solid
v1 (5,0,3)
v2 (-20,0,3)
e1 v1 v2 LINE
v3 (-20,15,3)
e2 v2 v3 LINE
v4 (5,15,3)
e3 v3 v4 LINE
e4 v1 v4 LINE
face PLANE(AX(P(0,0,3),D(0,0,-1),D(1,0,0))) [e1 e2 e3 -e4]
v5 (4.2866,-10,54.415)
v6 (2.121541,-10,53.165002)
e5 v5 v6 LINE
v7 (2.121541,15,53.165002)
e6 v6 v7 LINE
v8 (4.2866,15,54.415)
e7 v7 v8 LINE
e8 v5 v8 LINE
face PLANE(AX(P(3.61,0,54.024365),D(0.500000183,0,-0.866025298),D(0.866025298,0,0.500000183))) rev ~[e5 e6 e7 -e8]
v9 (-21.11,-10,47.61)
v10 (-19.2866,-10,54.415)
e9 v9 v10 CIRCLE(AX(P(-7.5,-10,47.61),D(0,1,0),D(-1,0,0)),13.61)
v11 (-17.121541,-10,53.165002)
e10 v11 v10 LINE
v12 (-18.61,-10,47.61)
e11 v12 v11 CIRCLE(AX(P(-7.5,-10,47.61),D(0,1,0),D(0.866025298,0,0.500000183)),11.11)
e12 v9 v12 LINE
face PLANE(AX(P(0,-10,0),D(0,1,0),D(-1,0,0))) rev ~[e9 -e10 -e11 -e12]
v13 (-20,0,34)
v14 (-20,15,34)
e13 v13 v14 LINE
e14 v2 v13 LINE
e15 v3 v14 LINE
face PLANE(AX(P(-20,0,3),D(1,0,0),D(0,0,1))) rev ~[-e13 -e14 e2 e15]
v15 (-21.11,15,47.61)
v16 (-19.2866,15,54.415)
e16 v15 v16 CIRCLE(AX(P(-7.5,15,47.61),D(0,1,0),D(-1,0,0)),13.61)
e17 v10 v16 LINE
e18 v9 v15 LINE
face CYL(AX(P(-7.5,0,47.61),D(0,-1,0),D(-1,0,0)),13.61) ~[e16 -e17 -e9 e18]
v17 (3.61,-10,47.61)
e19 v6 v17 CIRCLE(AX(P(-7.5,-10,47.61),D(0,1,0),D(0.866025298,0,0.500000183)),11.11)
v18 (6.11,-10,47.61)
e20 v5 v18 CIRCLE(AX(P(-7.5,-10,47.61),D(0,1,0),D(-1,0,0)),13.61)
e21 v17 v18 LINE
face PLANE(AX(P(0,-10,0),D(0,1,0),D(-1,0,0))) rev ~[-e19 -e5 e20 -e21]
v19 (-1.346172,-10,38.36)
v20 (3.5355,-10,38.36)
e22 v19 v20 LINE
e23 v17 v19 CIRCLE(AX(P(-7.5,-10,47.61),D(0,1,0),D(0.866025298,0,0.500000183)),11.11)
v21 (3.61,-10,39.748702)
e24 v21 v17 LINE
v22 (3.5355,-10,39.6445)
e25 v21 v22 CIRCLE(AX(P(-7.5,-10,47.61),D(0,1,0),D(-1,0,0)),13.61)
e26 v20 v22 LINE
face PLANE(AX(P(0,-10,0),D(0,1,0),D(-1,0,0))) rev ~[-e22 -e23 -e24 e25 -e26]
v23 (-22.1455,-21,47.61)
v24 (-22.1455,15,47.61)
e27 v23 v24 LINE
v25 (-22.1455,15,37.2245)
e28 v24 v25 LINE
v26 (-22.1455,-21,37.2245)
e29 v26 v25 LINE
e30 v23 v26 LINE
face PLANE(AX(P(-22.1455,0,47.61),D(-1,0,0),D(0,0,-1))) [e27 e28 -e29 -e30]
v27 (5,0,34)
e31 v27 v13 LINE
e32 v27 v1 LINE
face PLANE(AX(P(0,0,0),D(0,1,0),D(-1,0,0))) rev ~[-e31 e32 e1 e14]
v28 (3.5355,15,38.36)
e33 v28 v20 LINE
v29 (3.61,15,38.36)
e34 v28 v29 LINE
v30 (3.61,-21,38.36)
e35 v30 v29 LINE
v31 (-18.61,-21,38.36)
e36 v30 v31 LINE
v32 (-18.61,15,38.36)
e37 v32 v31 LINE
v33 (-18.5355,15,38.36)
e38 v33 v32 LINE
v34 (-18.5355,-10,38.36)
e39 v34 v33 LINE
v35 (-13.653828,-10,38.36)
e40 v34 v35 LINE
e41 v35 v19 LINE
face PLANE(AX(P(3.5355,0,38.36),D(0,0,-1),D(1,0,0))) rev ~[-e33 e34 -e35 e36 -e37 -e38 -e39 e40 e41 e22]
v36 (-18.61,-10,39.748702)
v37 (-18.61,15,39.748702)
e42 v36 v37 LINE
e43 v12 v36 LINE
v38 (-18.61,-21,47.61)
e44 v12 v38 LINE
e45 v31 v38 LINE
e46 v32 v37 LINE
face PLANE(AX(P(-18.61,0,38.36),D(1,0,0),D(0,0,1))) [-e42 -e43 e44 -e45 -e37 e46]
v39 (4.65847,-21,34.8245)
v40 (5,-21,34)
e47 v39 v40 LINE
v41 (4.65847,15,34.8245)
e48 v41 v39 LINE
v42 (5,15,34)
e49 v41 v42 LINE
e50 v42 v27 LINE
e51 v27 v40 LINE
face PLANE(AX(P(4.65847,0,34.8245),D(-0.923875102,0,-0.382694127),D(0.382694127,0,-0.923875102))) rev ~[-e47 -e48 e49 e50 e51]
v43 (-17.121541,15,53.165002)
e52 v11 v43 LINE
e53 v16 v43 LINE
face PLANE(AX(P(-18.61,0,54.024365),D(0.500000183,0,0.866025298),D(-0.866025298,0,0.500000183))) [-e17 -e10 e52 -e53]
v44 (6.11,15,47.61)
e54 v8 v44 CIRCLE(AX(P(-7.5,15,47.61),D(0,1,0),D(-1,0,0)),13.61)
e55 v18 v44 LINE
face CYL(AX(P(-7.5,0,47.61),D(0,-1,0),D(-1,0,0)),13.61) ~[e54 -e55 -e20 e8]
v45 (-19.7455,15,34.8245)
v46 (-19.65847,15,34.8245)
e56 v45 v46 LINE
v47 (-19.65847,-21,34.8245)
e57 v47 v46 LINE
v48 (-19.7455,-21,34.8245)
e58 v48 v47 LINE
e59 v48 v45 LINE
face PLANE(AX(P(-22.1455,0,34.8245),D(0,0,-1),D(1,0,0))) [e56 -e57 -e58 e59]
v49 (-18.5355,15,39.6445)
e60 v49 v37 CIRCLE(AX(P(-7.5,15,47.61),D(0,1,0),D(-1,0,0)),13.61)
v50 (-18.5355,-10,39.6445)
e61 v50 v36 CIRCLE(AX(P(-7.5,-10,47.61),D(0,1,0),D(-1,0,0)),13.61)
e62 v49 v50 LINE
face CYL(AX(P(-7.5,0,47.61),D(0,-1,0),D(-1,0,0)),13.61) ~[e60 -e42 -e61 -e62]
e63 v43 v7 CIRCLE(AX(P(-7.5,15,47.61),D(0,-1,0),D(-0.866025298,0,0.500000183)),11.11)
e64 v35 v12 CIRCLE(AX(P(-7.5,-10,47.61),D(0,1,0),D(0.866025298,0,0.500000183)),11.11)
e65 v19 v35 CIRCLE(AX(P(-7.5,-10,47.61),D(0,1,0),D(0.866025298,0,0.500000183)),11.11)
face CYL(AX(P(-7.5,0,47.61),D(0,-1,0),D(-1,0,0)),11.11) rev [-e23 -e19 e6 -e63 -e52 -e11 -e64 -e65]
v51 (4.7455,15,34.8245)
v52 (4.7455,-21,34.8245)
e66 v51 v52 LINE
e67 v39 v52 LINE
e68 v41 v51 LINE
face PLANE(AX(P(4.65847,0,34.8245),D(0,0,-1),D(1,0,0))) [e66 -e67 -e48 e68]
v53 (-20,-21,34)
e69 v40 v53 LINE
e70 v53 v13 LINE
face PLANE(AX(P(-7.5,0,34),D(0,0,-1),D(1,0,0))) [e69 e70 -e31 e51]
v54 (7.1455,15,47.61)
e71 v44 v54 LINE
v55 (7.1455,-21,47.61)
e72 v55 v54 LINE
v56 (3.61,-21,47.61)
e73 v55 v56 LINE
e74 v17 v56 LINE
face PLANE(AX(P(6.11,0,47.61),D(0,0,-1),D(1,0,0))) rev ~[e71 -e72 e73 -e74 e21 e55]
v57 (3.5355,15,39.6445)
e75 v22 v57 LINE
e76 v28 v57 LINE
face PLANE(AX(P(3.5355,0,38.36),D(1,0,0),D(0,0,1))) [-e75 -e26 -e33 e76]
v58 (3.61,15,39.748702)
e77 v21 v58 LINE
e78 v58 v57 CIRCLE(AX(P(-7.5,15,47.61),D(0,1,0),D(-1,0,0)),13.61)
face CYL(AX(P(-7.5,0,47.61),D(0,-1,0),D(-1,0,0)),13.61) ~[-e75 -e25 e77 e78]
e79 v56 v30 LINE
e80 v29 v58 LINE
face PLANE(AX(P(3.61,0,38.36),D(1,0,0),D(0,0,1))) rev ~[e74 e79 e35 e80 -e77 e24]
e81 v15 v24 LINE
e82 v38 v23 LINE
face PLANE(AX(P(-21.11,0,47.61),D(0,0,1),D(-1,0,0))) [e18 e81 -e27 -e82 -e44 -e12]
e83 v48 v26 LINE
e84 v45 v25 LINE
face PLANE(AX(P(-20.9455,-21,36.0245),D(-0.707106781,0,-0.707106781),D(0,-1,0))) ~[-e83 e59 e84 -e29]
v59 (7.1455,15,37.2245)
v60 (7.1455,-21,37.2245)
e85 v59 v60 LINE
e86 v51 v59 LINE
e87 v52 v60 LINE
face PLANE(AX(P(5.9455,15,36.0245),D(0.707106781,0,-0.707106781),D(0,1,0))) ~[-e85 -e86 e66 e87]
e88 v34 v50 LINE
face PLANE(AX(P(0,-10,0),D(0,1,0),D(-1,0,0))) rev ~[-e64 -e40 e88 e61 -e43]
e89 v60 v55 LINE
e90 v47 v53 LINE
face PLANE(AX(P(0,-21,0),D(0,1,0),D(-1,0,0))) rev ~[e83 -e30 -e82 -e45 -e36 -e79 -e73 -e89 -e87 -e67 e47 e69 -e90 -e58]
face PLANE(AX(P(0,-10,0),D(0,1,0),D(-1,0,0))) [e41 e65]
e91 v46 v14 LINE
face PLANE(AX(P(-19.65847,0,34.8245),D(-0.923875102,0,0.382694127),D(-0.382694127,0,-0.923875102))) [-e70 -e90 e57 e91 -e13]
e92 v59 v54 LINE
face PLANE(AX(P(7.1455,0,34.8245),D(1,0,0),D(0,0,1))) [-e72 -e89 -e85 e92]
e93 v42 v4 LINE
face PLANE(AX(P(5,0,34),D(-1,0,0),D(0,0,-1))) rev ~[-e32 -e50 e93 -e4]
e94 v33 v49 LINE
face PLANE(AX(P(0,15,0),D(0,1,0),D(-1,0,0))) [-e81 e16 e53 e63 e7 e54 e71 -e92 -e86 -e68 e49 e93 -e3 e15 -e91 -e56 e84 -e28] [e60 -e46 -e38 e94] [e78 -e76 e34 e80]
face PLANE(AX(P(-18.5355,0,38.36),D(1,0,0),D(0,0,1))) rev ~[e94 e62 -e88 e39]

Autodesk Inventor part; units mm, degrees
ref_plane "YZ Plane" through (0, 0, 0) normal (1, 0, 0) x (0, 1, 0)
ref_plane "XZ Plane" through (0, 0, 0) normal (0, 1, 0) x (-1, 0, 0)
ref_plane "XY Plane" through (0, 0, 0) normal (0, 0, 1) x (1, 0, 0)
sketch "Sketch1" plane through (0, 0, 0) normal (0, 1, 0) x (-1, 0, 0)
  line L0 (0, 0) -> (15, 0)
  line L1 (15, 0) -> (15, 34)
  line L2 (15, 34) -> (0, 34)
  line L3 (0, 34) -> (0, 0)
  line L4 (7.5, 34) -> (7.5, 36.5)
  line L5 (7.5, 36.5) -> (7.5, 47.61)
  circle A0 centre (7.5, 47.61) radius 11.11
  circle A1 centre (7.5, 47.61) radius 13.61
  line L6 (7.5, 47.61) -> (19.2866, 54.415)
  line L7 (7.5, 47.61) -> (21.11, 47.61) construction
  line L8 (7.5, 47.61) -> (-4.2866, 54.415)
  line L9 (7.5, 47.61) -> (21.11, 47.61) construction
  line L10 (15, 34) -> (18.5355, 37.5355)
  line L11 (15, 34) -> (20, 34) construction
  line L12 (18.5355, 37.5355) -> (18.5355, 39.6445)
  line L13 (0, 34) -> (-3.5355, 37.5355)
  line L14 (-3.5355, 37.5355) -> (-3.5355, 39.6445)
  line L15 (7.5, 47.61) -> (7.5, 56.86)
  line L16 (7.5, 56.86) -> (17.4835, 56.86)
  line L17 (7.5, 56.86) -> (-2.4835, 56.86)
  line L18 (7.5, 47.61) -> (-6.11, 47.61)
  line L19 (7.5, 47.61) -> (7.5, 38.36)
  line L20 (7.5, 38.36) -> (17.4835, 38.36)
  line L21 (7.5, 38.36) -> (-2.4835, 38.36)
  line L22 (7.5, 38.36) -> (-3.61, 38.36)
  line L23 (-3.61, 38.36) -> (-3.61, 47.61)
  line L24 (-3.61, 47.61) -> (-3.61, 56.86)
  line L25 (-3.61, 56.86) -> (-2.4835, 56.86)
  line L26 (7.5, 56.86) -> (18.61, 56.86)
  line L27 (18.61, 56.86) -> (18.61, 47.61)
  line L28 (7.5, 38.36) -> (18.61, 38.36)
  line L29 (18.61, 38.36) -> (18.61, 47.61)
  line L30 (7.5, 0) -> (7.5, 3)
  line L31 (7.5, 3) -> (0, 3)
  line L32 (7.5, 3) -> (15, 3)
  line L33 (7.5, 3) -> (20, 3)
  line L34 (7.5, 3) -> (-5, 3)
  line L35 (7.5, 34) -> (20, 34)
  line L36 (7.5, 34) -> (-5, 34)
  line L37 (-5, 34) -> (-5, 3)
  line L38 (20, 3) -> (20, 34)
  line L39 (18.61, 38.36) -> (22.1455, 34.8245)
  line L40 (-3.61, 56.86) -> (-7.1455, 60.3955)
  line L41 (22.1455, 34.8245) -> (-7.1455, 34.8245)
  line L42 (-7.1455, 34.8245) -> (-7.1455, 60.3955)
  line L43 (-7.1455, 60.3955) -> (22.1455, 60.3955)
  line L44 (22.1455, 60.3955) -> (22.1455, 34.8245)
  line L45 (-3.5355, 37.5355) -> (-5, 34)
  line L46 (18.5355, 37.5355) -> (20, 34)
  line L47 (7.5, 47.61) -> (-7.1455, 47.61)
  line L48 (7.5, 47.61) -> (22.1455, 47.61)
  point P0 (17.1215, 53.165)
  point P1 (-2.1215, 53.165)
  point P2 (0, 34)
  point P3 (0, 3)
  point P4 (0, 34)
  point P5 (2.835, 60.3955)
  point P6 (-4.6585, 34.8245)
  point P7 (-3.5355, 38.36)
  point P8 (-3.61, 39.7487)
  point P9 (-3.61, 55.4713)
  point P10 (12.165, 60.3955)
  point P11 (18.61, 55.4713)
  point P12 (18.61, 39.7487)
  point P13 (18.5355, 38.36)
  point P14 (19.6585, 34.8245)
  point P15 (18.61, 47.61)
  dimension "d0" = 15
  dimension "d1" = 34
  dimension "d2" = 2.5
  dimension "d3" = 11.11
  dimension "d4" = 30
  dimension "d5" = 150
  dimension "d6" = 5
  dimension "d7" = 45
  dimension "d10" = 9.25
  dimension "d11" = 11.11
  dimension "d12" = 11.11
  dimension "d13" = 11.11
  dimension "d14" = 3
  dimension "d15" = 12.5
  dimension "d16" = 5
  dimension "d17" = 5
extrude "Extrusion1" add sketch "Sketch1" along normal blind 15 and the other way blind 10 contours L13 L41 A1 L2 | L36 L45 L41 L13 | A1 L41 L10 L2 | A1 L41 L4 | L4 L41 A1 | L41 L45 L13 | L13 L14 L22 A1 L41 | L10 L41 L46 L35 | L41 A1 L21 A0 L4 | L4 A0 L20 A1 L41 | A1 L28 L12 L10 L41 | L45 L41 L42 L47 A1 L23 L22 L14 | L10 L46 L41 | L22 L14 A1 | A1 L23 A0 L21 | L20 A0 L29 A1 | A1 L12 L28 | L12 L28 L39 L41 L46 | L39 L29 A1 L48 L44 | L24 L8 A0 | L23 A1 L18 | L18 A1 L8 L24 | A0 L6 L27 | L48 A1 L29 | L27 L6 A1 L48
extrude "Extrusion2" add sketch "Sketch1" along normal blind 15 contours L34 L37 L36 L3 | L3 L2 L1 L32 L31 | L1 L35 L38 L33
extrude "Extrusion3" add sketch "Sketch1" against normal blind 11 from surface at -10 contours L13 L41 A1 L2 | L36 L45 L41 L13 | A1 L41 L10 L2 | A1 L41 L4 | L4 L41 A1 | L41 L45 L13 | L13 L14 L22 A1 L41 | L10 L41 L46 L35 | L41 A1 L21 A0 L4 | L4 A0 L20 A1 L41 | A1 L28 L12 L10 L41 | L45 L41 L42 L47 A1 L23 L22 L14 | L10 L46 L41 | A0 L21 L5 | L5 L20 A0 | L12 L28 L39 L41 L46 | L39 L29 A1 L48 L44 | L23 A1 L18 | L48 A1 L29
chamfer "Chamfer2" distance 2.4 angle 45 2 edges at (7.1455, -3, 34.8245) (-22.1455, -3, 34.8245)
properties part number "motor holder v2"
